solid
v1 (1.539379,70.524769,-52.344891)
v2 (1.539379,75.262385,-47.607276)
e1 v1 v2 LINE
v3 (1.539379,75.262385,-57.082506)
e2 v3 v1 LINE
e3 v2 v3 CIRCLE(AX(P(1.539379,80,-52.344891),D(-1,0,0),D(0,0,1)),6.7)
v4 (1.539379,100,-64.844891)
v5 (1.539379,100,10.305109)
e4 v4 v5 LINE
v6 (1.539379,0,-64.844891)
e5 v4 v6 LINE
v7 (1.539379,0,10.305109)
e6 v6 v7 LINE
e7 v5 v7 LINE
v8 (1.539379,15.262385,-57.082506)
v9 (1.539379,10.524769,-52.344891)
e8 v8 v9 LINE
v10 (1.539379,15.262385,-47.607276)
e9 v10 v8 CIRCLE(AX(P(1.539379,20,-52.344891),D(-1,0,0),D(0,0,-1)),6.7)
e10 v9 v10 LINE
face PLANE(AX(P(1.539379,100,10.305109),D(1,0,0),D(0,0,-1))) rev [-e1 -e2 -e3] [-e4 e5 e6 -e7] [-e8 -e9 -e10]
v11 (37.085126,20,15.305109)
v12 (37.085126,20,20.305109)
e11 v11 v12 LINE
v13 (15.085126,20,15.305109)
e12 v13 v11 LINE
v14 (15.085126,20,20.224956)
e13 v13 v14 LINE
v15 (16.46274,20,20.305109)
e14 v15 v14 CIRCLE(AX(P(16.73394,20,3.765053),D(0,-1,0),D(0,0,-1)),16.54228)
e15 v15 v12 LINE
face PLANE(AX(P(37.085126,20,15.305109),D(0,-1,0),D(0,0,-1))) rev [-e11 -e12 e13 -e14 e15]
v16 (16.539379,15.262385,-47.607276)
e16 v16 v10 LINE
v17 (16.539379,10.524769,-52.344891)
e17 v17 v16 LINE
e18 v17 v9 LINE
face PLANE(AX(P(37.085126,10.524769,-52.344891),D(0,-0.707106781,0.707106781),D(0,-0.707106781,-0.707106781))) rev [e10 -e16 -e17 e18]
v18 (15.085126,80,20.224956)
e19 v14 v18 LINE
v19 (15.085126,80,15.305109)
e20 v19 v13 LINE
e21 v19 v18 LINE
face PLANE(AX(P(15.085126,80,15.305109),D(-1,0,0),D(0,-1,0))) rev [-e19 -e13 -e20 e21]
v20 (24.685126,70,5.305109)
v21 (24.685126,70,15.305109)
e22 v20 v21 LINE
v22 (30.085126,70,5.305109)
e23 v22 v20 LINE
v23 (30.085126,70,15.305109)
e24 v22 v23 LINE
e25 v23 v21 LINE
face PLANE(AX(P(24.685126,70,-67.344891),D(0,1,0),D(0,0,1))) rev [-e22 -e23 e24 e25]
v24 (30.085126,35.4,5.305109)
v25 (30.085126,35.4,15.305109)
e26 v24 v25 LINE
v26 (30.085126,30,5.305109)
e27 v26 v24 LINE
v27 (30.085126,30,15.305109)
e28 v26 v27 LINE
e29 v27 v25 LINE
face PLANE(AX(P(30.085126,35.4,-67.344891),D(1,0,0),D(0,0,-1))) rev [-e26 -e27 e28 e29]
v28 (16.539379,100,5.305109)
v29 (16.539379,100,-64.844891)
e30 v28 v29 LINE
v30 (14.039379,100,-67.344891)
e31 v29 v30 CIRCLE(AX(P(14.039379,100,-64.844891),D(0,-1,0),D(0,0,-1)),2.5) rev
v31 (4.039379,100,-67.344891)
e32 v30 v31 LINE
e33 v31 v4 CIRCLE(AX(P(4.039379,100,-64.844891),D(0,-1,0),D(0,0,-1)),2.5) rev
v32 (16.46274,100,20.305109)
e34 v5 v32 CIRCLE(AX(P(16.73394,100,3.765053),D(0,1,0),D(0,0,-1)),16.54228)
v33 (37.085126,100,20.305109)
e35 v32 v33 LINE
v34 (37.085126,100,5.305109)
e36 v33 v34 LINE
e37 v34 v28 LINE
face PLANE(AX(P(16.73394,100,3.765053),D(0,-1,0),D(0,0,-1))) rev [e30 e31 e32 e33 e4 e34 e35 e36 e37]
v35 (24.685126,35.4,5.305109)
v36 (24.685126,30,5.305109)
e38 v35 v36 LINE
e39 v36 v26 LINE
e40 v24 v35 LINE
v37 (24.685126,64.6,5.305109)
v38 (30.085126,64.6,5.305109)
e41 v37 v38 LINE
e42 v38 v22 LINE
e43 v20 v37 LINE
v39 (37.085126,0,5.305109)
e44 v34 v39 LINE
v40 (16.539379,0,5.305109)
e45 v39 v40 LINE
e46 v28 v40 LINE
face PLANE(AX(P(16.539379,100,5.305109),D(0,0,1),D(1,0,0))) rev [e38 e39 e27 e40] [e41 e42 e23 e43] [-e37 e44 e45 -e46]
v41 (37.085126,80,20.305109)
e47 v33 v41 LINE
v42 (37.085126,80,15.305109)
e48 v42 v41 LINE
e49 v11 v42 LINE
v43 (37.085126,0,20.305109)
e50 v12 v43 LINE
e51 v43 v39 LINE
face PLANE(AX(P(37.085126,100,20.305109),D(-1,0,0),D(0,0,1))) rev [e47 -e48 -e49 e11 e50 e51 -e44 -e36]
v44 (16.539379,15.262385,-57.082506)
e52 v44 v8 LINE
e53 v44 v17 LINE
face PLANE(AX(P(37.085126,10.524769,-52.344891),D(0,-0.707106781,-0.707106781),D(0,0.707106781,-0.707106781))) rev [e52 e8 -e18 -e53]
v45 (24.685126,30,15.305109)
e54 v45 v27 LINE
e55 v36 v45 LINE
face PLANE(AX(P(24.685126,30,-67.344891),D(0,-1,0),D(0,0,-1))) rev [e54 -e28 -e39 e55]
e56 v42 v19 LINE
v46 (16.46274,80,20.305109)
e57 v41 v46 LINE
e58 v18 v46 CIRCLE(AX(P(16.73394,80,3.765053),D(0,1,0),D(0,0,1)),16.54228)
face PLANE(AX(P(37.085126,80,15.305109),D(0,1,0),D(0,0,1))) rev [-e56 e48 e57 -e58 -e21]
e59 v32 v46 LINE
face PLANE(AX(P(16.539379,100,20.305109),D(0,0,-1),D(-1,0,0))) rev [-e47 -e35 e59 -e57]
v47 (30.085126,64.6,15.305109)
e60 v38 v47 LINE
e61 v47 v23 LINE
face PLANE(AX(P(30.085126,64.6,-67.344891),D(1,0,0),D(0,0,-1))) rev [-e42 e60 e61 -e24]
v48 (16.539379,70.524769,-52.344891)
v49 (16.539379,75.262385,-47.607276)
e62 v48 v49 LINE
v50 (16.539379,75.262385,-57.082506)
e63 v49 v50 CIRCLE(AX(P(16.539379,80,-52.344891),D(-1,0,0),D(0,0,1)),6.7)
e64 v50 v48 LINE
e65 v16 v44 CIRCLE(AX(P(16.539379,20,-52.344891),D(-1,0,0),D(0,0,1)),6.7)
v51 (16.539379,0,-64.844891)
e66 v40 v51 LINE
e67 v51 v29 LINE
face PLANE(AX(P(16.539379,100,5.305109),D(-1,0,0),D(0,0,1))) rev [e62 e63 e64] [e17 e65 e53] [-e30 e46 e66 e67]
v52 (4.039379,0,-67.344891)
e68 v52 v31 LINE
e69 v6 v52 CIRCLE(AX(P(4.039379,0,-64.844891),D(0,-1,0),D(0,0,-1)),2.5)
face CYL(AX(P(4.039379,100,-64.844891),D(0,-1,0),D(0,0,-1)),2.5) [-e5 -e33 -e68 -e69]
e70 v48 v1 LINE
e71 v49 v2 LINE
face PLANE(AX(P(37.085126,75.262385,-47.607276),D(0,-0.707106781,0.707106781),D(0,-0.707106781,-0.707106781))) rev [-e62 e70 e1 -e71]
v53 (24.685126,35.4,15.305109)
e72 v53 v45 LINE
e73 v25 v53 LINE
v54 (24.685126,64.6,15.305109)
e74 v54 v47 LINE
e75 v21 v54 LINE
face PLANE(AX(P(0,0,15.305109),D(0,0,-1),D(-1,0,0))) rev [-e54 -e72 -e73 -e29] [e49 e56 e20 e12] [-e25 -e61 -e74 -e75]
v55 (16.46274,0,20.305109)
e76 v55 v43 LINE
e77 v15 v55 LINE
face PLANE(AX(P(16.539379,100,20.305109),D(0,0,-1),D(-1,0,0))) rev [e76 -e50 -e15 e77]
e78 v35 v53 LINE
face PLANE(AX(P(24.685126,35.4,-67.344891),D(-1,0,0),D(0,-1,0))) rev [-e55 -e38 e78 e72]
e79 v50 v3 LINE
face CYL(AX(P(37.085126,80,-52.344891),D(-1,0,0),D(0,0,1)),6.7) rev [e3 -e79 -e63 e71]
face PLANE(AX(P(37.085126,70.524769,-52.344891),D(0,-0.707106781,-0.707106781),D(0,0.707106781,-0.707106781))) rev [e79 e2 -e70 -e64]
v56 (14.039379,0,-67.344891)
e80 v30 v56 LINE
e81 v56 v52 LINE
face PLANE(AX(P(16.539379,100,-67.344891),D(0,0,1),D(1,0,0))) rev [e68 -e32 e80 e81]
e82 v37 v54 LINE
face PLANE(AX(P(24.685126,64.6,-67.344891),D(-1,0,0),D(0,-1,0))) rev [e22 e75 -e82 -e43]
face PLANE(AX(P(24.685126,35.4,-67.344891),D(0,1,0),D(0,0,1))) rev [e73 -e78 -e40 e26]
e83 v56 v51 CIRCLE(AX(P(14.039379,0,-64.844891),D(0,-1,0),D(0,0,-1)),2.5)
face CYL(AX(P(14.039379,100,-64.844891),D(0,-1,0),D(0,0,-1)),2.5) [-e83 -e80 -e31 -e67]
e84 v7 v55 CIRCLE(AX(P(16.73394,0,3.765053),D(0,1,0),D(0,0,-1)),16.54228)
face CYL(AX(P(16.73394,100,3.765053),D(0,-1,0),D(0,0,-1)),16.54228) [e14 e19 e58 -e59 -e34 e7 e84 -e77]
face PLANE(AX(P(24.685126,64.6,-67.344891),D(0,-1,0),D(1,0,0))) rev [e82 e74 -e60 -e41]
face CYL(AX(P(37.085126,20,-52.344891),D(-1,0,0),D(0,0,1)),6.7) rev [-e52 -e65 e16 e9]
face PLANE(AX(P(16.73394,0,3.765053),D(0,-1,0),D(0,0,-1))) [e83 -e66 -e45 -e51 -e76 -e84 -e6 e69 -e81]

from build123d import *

# Parameters (mm, degrees)
BOSS_EXTRUDE1_DEPTH = 100
CUT_EXTRUDE1_DEPTH  = 126.693414536
SKETCH3_W           = 5.4
SKETCH3_H           = 5.4
CUT_EXTRUDE2_DEPTH  = 139.050096295
SKETCH4_W           = 22
SKETCH4_H           = 60
CUT_EXTRUDE3_DEPTH  = 5
FILLET1_R           = 2.5


with BuildPart() as part:
    # Sketch1 → Boss-Extrude1 (new body)
    with BuildSketch(Plane(origin=(0, 0, 0), x_dir=(-1, 0, 0), z_dir=(0, 1, 0))):
        with BuildLine():
            Line((-16.539379475, 20.305108986), (-16.462740437, 20.305108986))
            ThreePointArc((-16.462740437, 20.305108986), (-7.525387839, 17.507307751), (-1.539379475, 10.305108986))
            Line((-1.539379475, 10.305108986), (-1.539379475, -67.344891014))
            Line((-1.539379475, -67.344891014), (-16.539379475, -67.344891014))
            Line((-16.539379475, -67.344891014), (-16.539379475, 5.305108986))
            Line((-16.539379475, 5.305108986), (-37.085126223, 5.305108986))
            Line((-37.085126223, 5.305108986), (-37.085126223, 20.305108986))
            Line((-37.085126223, 20.305108986), (-16.539379475, 20.305108986))
        make_face()
    extrude(amount=BOSS_EXTRUDE1_DEPTH)

    # Sketch2 → Cut-Extrude1 (cut, through all)
    with BuildSketch(Plane(origin=(1.539379475, 0, 0), x_dir=(0, -1, 0), z_dir=(-1, 0, 0))):
        with BuildLine():
            Line((-75.262384566, -47.60727558), (-70.524769132, -52.344891014))
            Line((-70.524769132, -52.344891014), (-75.262384566, -57.082506448))
            ThreePointArc((-75.262384566, -57.082506448), (-86.7, -52.344891014), (-75.262384566, -47.60727558))
        make_face()
        with BuildLine():
            Line((-10.524769132, -52.344891014), (-15.262384566, -47.60727558))
            ThreePointArc((-15.262384566, -47.60727558), (-26.7, -52.344891014), (-15.262384566, -57.082506448))
            Line((-15.262384566, -57.082506448), (-10.524769132, -52.344891014))
        make_face()
    extrude(amount=-CUT_EXTRUDE1_DEPTH, mode=Mode.SUBTRACT)

    # Sketch3 → Cut-Extrude2 (cut, through all)
    with BuildSketch(Plane.XY.offset(20.305108986)):
        with Locations((27.385126223, 32.7)):
            Rectangle(SKETCH3_W, SKETCH3_H)
        with Locations((27.385126223, 67.3)):
            Rectangle(SKETCH3_W, SKETCH3_H)
    extrude(amount=-CUT_EXTRUDE2_DEPTH, mode=Mode.SUBTRACT)

    # Sketch4 → Cut-Extrude3 (cut)
    with BuildSketch(Plane.XY.offset(20.305108986)):
        with Locations((26.085126223, 50)):
            Rectangle(SKETCH4_W, SKETCH4_H)
    extrude(amount=-CUT_EXTRUDE3_DEPTH, mode=Mode.SUBTRACT)

    # Fillet1
    fillet1_edges = [part.edges().sort_by_distance(p)[0] for p in [
        (1.539379475, 50, -67.344891014),
        (16.539379475, 50, -67.344891014),
    ]]
    fillet(fillet1_edges, radius=FILLET1_R)


solid = part.part
